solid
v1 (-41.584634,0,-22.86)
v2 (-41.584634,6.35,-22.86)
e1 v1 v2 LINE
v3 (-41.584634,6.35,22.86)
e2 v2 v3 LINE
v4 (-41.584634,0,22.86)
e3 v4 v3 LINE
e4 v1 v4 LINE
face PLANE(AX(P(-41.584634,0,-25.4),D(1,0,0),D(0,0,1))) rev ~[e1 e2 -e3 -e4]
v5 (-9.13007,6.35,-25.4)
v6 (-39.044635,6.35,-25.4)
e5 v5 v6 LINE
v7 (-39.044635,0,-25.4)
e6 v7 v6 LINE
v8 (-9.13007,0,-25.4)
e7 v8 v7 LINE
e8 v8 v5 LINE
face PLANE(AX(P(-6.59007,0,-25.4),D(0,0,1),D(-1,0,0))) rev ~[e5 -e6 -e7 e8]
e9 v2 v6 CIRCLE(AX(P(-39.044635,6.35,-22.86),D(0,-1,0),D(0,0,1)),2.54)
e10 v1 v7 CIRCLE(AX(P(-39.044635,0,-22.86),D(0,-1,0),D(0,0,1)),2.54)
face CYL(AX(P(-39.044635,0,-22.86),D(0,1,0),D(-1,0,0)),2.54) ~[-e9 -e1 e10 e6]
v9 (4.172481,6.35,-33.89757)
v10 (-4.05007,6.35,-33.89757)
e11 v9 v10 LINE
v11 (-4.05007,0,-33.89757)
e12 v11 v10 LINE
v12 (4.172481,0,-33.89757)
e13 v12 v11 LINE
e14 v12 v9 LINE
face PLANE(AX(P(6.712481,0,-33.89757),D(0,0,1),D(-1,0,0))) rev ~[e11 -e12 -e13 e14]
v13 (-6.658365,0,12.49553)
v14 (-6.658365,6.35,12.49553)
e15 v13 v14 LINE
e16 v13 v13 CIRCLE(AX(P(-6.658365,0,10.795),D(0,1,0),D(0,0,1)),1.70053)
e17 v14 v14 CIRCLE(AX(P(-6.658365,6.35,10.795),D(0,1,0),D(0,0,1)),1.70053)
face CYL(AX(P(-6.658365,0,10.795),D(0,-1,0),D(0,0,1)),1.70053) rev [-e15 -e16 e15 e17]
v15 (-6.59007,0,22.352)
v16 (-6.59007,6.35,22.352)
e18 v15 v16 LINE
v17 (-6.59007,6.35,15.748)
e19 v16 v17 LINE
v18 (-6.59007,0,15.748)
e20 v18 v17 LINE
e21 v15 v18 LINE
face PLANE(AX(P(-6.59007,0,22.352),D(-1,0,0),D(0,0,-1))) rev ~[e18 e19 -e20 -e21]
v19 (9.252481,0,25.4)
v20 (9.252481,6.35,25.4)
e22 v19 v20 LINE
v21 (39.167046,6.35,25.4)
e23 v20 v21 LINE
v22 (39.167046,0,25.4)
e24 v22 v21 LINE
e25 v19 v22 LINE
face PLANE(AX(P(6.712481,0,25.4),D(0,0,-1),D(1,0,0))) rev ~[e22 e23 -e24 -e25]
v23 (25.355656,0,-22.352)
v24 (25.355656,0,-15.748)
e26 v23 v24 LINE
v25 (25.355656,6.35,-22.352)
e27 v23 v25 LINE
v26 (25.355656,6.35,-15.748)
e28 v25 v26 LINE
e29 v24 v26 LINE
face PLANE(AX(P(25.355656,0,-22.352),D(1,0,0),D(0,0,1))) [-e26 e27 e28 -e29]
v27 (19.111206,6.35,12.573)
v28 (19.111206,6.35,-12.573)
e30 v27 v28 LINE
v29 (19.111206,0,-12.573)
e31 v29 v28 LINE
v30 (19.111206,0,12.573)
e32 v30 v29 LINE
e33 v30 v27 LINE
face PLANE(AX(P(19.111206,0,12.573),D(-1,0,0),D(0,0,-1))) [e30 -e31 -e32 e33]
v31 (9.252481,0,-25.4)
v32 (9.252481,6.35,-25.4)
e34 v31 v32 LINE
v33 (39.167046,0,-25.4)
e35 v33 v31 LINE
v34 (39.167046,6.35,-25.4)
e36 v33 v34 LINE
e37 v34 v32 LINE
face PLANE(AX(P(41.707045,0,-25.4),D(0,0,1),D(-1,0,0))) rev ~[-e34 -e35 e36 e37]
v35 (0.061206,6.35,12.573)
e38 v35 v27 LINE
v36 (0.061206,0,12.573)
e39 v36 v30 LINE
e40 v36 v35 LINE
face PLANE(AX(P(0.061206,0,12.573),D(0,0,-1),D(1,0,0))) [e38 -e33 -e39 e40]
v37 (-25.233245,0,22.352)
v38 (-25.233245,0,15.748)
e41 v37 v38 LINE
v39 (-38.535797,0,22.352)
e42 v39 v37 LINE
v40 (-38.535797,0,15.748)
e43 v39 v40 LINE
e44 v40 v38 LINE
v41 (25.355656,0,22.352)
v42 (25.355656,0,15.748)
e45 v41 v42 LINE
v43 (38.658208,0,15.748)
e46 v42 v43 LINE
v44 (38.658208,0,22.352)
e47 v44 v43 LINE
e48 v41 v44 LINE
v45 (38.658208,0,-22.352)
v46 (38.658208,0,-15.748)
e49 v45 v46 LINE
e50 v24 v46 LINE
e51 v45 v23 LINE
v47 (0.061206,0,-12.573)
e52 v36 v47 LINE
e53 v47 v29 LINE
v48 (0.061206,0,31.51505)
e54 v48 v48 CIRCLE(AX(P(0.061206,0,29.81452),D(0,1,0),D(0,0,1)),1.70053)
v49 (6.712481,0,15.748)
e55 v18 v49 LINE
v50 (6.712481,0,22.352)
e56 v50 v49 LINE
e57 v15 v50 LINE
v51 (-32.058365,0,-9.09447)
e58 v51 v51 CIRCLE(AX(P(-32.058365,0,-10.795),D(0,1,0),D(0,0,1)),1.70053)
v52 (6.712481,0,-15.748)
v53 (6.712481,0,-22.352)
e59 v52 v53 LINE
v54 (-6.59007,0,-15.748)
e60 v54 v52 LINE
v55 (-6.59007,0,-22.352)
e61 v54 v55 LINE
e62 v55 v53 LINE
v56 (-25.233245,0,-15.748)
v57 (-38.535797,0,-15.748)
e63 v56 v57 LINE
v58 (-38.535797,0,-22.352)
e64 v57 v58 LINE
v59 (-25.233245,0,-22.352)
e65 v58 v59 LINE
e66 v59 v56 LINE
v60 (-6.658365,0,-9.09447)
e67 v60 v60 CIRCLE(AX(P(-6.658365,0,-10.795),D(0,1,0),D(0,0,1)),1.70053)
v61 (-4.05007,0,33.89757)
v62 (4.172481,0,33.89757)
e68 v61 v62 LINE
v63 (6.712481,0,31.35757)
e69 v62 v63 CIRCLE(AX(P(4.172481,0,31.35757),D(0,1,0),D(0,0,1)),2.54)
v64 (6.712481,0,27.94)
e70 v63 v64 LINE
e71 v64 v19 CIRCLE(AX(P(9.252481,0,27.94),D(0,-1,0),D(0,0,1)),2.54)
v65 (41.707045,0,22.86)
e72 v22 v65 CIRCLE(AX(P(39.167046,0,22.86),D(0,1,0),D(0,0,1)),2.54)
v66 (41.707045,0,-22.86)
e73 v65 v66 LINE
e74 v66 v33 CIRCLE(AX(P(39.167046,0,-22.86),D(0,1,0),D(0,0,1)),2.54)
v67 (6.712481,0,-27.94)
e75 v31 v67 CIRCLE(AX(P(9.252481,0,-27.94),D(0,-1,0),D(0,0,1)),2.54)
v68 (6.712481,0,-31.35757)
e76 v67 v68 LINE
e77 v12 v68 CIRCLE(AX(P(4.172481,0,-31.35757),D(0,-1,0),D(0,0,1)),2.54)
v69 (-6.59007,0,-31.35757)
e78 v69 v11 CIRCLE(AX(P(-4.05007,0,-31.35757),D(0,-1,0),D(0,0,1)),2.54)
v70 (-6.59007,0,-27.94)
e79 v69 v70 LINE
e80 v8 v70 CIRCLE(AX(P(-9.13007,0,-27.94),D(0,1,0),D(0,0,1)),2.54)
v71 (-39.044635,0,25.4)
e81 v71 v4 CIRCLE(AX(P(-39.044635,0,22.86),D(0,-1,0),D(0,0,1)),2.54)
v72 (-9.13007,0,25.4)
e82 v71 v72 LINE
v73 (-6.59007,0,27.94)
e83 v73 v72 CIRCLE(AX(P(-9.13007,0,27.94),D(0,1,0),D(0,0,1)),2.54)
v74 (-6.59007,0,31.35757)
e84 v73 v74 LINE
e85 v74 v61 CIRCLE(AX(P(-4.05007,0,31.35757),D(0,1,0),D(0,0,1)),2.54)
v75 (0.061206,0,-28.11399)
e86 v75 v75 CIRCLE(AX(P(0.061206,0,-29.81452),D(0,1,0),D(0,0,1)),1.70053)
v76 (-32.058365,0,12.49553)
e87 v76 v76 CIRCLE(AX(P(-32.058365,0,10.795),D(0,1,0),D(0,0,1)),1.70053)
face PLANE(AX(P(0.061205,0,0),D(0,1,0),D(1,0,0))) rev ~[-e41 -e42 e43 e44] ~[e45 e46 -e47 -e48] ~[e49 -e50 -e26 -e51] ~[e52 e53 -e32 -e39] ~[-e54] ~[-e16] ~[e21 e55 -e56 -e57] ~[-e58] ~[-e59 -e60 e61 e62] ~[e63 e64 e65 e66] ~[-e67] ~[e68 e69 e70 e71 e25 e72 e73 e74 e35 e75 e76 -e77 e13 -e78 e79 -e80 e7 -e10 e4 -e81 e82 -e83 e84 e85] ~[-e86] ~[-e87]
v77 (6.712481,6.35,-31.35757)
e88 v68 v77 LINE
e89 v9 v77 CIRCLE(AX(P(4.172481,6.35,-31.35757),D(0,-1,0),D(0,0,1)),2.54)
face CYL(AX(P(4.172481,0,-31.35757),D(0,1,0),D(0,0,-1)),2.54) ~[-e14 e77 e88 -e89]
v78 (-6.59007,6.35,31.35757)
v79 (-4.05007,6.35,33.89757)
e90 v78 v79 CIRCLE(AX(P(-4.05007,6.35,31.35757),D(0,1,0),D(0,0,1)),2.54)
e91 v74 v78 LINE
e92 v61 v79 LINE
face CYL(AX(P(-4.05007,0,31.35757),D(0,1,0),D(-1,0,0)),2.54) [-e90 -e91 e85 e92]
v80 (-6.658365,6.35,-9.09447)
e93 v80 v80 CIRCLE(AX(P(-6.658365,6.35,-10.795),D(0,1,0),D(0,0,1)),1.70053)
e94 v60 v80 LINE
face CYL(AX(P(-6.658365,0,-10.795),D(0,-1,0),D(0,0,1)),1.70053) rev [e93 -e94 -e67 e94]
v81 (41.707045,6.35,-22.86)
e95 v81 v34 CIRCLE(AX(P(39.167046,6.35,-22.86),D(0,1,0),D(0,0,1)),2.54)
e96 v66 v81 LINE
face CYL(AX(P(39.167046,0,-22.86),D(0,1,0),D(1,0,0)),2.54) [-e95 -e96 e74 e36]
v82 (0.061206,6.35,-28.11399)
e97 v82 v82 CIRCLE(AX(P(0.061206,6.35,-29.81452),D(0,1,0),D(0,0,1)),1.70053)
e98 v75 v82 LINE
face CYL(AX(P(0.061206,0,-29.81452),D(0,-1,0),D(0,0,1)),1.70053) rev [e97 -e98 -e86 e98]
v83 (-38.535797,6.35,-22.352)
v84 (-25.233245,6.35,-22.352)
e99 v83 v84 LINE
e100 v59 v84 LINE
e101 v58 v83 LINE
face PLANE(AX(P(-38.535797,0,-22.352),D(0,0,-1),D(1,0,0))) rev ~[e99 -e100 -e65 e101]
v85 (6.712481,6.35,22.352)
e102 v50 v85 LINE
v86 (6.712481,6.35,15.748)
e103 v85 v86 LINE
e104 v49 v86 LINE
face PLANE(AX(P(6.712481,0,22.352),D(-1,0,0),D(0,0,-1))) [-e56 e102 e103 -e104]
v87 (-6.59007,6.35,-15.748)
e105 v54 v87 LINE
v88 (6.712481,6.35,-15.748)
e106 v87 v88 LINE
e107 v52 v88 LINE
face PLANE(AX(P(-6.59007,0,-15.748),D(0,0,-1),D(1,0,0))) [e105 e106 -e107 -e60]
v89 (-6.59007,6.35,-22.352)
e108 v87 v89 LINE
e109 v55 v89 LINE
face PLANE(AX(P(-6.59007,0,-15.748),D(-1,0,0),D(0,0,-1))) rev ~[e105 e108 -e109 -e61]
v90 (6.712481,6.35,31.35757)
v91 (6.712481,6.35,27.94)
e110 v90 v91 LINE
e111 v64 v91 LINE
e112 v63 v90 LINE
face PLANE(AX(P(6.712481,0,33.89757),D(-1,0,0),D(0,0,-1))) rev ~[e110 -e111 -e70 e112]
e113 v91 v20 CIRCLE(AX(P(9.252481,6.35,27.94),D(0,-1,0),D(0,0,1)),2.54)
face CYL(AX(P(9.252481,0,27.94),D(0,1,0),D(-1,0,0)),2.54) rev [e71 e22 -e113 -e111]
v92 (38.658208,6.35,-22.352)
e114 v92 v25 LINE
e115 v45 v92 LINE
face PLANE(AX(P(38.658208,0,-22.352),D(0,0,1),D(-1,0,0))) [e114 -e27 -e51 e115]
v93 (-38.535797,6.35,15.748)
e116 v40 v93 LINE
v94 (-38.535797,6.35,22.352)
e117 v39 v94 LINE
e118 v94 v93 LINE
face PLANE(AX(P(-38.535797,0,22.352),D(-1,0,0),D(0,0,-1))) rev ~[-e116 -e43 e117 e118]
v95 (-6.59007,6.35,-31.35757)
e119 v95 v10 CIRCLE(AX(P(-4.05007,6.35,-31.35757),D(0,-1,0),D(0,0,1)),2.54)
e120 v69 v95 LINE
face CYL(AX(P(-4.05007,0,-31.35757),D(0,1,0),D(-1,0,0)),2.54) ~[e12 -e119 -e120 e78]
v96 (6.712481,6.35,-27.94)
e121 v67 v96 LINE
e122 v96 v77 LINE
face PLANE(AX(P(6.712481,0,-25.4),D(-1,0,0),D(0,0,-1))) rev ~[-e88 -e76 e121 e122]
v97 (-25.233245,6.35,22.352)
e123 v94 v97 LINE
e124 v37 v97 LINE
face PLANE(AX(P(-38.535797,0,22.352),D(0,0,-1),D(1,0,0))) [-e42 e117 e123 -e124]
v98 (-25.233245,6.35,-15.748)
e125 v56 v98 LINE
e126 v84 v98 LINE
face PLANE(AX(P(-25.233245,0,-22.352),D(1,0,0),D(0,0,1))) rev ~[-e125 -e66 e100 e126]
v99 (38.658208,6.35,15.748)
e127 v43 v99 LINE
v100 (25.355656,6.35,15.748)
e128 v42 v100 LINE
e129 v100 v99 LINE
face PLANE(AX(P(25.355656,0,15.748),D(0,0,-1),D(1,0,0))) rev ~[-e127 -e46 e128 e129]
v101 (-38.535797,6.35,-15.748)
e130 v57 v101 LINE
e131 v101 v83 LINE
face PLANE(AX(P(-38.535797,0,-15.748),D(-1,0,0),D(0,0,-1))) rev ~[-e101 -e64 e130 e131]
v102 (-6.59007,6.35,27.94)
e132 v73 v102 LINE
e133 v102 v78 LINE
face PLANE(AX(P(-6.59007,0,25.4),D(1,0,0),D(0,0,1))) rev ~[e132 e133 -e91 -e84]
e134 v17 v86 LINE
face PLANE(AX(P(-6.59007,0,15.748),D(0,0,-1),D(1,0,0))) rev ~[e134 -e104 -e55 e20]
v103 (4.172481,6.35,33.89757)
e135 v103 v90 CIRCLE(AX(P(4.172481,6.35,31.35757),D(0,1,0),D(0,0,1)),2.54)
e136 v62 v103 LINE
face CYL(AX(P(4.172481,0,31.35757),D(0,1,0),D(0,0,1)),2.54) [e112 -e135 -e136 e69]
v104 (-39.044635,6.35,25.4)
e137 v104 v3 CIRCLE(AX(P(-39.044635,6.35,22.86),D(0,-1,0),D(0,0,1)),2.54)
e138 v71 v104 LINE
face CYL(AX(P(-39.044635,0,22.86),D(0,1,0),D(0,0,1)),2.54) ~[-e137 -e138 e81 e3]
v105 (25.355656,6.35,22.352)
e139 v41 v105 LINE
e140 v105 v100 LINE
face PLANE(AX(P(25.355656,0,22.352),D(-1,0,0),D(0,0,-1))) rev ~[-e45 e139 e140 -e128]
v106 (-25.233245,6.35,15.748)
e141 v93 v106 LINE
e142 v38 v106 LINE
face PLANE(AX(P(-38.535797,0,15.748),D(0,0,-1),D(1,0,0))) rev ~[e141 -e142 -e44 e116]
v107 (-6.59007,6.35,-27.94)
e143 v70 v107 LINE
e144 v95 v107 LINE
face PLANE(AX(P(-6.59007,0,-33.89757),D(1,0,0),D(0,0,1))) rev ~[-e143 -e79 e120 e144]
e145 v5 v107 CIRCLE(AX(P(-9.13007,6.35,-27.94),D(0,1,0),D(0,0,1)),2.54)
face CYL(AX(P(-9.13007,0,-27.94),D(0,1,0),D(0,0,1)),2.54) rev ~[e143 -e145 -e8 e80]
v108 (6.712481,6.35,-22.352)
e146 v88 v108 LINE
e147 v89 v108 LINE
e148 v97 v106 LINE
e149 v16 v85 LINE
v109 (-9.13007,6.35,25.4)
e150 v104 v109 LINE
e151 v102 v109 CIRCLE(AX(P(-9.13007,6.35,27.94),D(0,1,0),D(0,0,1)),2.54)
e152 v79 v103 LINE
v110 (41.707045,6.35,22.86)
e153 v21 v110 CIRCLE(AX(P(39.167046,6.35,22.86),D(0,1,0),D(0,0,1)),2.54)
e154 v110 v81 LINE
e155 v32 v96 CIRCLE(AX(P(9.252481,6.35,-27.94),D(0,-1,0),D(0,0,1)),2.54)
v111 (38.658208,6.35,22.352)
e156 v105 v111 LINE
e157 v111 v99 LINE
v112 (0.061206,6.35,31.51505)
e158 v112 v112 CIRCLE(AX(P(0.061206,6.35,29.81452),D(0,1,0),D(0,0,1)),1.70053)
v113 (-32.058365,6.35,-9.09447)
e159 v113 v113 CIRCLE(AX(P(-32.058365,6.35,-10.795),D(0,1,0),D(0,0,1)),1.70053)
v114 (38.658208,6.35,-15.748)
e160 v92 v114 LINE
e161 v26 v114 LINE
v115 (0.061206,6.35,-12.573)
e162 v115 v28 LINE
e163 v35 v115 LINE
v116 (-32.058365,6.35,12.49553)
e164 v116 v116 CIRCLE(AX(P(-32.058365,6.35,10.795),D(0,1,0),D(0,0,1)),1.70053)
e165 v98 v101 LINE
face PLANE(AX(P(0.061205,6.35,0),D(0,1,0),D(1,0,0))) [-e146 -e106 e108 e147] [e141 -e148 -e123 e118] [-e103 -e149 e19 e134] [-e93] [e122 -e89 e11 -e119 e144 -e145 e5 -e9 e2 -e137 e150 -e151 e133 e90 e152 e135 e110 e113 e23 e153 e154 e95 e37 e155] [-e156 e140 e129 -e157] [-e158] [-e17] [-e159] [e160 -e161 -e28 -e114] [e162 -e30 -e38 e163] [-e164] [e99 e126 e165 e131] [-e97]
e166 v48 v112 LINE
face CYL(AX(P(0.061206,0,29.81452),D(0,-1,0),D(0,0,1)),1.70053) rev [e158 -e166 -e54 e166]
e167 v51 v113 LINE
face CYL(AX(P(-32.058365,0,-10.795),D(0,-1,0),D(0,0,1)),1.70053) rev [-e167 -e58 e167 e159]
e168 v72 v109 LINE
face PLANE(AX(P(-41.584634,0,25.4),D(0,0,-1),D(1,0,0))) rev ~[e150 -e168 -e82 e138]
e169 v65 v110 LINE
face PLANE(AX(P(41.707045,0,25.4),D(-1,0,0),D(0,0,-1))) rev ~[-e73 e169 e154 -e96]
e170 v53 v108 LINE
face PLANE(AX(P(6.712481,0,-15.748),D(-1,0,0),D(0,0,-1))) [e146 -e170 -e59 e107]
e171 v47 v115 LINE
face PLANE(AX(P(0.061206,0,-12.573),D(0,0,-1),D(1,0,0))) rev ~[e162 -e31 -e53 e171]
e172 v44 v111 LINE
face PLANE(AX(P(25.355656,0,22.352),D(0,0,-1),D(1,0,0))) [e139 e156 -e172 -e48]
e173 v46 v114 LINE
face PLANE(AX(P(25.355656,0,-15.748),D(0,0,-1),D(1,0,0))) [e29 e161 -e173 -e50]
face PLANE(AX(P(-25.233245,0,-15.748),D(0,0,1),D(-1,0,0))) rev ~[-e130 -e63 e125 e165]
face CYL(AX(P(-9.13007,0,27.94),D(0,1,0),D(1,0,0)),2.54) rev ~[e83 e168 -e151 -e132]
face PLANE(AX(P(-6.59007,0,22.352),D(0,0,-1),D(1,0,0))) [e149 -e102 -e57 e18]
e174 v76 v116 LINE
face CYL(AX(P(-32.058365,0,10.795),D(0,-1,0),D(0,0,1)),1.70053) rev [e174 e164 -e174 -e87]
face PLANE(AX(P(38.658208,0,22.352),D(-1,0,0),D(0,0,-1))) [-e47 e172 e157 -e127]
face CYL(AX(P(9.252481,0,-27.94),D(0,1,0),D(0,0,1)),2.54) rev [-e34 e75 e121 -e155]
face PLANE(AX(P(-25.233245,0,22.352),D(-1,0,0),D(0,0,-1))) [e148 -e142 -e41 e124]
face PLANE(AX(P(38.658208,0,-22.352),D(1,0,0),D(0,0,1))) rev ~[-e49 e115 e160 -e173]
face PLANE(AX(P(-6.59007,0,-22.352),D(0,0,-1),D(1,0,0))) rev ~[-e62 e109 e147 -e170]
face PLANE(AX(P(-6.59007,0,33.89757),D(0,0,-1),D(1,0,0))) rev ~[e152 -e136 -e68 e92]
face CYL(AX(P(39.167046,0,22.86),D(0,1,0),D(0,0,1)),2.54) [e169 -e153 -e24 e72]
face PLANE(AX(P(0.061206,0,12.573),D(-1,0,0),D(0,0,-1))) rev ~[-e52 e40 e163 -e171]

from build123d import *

# Parameters (mm, degrees)
SKETCH1_R           = 1.70053
SKETCH1_W           = 19.05
SKETCH1_H           = 25.146
SKETCH1_W_2         = 13.302551819
SKETCH1_H_2         = 6.604
BOSS_EXTRUDE1_DEPTH = 6.35
FILLET8_R           = 2.54


with BuildPart() as part:
    # Sketch1 → Boss-Extrude1 (new body)
    with BuildSketch(Plane(origin=(0, 0, 0), x_dir=(1, 0, 0), z_dir=(0, 1, 0))):
        Polygon((-25.233245497, -25.4), (-6.59007041, -25.4), (-6.59007041, -33.89757), (6.712481409, -33.89757), (6.712481409, -25.4), (25.355656497, -25.4), (38.658208316, -25.4), (41.7070455, -25.4), (41.7070455, 25.4), (38.658208316, 25.4), (25.355656497, 25.4), (6.712481409, 25.4), (6.712481409, 33.89757), (-6.59007041, 33.89757), (-6.59007041, 25.4), (-25.233245497, 25.4), (-38.535797316, 25.4), (-41.5846345, 25.4), (-41.5846345, -25.4), (-38.535797316, -25.4), align=None)
        with Locations(Location((-32.0583645, 10.795, 0), (0, 0, 270))):
            Circle(SKETCH1_R, mode=Mode.SUBTRACT)
        with Locations(Location((-32.0583645, -10.795, 0), (0, 0, 270))):
            Circle(SKETCH1_R, mode=Mode.SUBTRACT)
        with Locations(Location((-6.6583645, -10.795, 0), (0, 0, 270))):
            Circle(SKETCH1_R, mode=Mode.SUBTRACT)
        with Locations(Location((-6.6583645, 10.795, 0), (0, 0, 270))):
            Circle(SKETCH1_R, mode=Mode.SUBTRACT)
        with Locations(Location((0.0612055, -29.81452, 0), (0, 0, 270))):
            Circle(SKETCH1_R, mode=Mode.SUBTRACT)
        with Locations(Location((0.0612055, 29.81452, 0), (0, 0, 270))):
            Circle(SKETCH1_R, mode=Mode.SUBTRACT)
        Polygon((38.658208316, 15.748), (38.658208316, 22.225), (38.658208316, 22.352), (25.355656497, 22.352), (25.355656497, 15.748), align=None, mode=Mode.SUBTRACT)
        with Locations((9.5862055, 0)):
            Rectangle(SKETCH1_W, SKETCH1_H, mode=Mode.SUBTRACT)
        with Locations((0.0612055, -19.05)):
            Rectangle(SKETCH1_W_2, SKETCH1_H_2, mode=Mode.SUBTRACT)
        with Locations((0.0612055, 19.05)):
            Rectangle(SKETCH1_W_2, SKETCH1_H_2, mode=Mode.SUBTRACT)
        Polygon((-38.535797316, 22.352), (-25.233245497, 22.352), (-25.233245497, 22.225), (-25.233245497, 15.748), (-38.535797316, 15.748), align=None, mode=Mode.SUBTRACT)
        with Locations((-31.884521406, -19.05)):
            Rectangle(SKETCH1_W_2, SKETCH1_H_2, mode=Mode.SUBTRACT)
        with Locations((32.006932406, -19.05)):
            Rectangle(SKETCH1_W_2, SKETCH1_H_2, mode=Mode.SUBTRACT)
    extrude(amount=BOSS_EXTRUDE1_DEPTH)

    # Fillet8
    fillet8_edges = [part.edges().sort_by_distance(p)[0] for p in [
        (-6.59007041, 3.175, -25.4),
        (-6.59007041, 3.175, -33.89757),
        (6.712481409, 3.175, -33.89757),
        (6.712481409, 3.175, -25.4),
        (41.7070455, 3.175, -25.4),
        (41.7070455, 3.175, 25.4),
        (6.712481409, 3.175, 25.4),
        (6.712481409, 3.175, 33.89757),
        (-6.59007041, 3.175, 33.89757),
        (-6.59007041, 3.175, 25.4),
        (-41.5846345, 3.175, 25.4),
        (-41.5846345, 3.175, -25.4),
    ]]
    fillet(fillet8_edges, radius=FILLET8_R)


solid = part.part
